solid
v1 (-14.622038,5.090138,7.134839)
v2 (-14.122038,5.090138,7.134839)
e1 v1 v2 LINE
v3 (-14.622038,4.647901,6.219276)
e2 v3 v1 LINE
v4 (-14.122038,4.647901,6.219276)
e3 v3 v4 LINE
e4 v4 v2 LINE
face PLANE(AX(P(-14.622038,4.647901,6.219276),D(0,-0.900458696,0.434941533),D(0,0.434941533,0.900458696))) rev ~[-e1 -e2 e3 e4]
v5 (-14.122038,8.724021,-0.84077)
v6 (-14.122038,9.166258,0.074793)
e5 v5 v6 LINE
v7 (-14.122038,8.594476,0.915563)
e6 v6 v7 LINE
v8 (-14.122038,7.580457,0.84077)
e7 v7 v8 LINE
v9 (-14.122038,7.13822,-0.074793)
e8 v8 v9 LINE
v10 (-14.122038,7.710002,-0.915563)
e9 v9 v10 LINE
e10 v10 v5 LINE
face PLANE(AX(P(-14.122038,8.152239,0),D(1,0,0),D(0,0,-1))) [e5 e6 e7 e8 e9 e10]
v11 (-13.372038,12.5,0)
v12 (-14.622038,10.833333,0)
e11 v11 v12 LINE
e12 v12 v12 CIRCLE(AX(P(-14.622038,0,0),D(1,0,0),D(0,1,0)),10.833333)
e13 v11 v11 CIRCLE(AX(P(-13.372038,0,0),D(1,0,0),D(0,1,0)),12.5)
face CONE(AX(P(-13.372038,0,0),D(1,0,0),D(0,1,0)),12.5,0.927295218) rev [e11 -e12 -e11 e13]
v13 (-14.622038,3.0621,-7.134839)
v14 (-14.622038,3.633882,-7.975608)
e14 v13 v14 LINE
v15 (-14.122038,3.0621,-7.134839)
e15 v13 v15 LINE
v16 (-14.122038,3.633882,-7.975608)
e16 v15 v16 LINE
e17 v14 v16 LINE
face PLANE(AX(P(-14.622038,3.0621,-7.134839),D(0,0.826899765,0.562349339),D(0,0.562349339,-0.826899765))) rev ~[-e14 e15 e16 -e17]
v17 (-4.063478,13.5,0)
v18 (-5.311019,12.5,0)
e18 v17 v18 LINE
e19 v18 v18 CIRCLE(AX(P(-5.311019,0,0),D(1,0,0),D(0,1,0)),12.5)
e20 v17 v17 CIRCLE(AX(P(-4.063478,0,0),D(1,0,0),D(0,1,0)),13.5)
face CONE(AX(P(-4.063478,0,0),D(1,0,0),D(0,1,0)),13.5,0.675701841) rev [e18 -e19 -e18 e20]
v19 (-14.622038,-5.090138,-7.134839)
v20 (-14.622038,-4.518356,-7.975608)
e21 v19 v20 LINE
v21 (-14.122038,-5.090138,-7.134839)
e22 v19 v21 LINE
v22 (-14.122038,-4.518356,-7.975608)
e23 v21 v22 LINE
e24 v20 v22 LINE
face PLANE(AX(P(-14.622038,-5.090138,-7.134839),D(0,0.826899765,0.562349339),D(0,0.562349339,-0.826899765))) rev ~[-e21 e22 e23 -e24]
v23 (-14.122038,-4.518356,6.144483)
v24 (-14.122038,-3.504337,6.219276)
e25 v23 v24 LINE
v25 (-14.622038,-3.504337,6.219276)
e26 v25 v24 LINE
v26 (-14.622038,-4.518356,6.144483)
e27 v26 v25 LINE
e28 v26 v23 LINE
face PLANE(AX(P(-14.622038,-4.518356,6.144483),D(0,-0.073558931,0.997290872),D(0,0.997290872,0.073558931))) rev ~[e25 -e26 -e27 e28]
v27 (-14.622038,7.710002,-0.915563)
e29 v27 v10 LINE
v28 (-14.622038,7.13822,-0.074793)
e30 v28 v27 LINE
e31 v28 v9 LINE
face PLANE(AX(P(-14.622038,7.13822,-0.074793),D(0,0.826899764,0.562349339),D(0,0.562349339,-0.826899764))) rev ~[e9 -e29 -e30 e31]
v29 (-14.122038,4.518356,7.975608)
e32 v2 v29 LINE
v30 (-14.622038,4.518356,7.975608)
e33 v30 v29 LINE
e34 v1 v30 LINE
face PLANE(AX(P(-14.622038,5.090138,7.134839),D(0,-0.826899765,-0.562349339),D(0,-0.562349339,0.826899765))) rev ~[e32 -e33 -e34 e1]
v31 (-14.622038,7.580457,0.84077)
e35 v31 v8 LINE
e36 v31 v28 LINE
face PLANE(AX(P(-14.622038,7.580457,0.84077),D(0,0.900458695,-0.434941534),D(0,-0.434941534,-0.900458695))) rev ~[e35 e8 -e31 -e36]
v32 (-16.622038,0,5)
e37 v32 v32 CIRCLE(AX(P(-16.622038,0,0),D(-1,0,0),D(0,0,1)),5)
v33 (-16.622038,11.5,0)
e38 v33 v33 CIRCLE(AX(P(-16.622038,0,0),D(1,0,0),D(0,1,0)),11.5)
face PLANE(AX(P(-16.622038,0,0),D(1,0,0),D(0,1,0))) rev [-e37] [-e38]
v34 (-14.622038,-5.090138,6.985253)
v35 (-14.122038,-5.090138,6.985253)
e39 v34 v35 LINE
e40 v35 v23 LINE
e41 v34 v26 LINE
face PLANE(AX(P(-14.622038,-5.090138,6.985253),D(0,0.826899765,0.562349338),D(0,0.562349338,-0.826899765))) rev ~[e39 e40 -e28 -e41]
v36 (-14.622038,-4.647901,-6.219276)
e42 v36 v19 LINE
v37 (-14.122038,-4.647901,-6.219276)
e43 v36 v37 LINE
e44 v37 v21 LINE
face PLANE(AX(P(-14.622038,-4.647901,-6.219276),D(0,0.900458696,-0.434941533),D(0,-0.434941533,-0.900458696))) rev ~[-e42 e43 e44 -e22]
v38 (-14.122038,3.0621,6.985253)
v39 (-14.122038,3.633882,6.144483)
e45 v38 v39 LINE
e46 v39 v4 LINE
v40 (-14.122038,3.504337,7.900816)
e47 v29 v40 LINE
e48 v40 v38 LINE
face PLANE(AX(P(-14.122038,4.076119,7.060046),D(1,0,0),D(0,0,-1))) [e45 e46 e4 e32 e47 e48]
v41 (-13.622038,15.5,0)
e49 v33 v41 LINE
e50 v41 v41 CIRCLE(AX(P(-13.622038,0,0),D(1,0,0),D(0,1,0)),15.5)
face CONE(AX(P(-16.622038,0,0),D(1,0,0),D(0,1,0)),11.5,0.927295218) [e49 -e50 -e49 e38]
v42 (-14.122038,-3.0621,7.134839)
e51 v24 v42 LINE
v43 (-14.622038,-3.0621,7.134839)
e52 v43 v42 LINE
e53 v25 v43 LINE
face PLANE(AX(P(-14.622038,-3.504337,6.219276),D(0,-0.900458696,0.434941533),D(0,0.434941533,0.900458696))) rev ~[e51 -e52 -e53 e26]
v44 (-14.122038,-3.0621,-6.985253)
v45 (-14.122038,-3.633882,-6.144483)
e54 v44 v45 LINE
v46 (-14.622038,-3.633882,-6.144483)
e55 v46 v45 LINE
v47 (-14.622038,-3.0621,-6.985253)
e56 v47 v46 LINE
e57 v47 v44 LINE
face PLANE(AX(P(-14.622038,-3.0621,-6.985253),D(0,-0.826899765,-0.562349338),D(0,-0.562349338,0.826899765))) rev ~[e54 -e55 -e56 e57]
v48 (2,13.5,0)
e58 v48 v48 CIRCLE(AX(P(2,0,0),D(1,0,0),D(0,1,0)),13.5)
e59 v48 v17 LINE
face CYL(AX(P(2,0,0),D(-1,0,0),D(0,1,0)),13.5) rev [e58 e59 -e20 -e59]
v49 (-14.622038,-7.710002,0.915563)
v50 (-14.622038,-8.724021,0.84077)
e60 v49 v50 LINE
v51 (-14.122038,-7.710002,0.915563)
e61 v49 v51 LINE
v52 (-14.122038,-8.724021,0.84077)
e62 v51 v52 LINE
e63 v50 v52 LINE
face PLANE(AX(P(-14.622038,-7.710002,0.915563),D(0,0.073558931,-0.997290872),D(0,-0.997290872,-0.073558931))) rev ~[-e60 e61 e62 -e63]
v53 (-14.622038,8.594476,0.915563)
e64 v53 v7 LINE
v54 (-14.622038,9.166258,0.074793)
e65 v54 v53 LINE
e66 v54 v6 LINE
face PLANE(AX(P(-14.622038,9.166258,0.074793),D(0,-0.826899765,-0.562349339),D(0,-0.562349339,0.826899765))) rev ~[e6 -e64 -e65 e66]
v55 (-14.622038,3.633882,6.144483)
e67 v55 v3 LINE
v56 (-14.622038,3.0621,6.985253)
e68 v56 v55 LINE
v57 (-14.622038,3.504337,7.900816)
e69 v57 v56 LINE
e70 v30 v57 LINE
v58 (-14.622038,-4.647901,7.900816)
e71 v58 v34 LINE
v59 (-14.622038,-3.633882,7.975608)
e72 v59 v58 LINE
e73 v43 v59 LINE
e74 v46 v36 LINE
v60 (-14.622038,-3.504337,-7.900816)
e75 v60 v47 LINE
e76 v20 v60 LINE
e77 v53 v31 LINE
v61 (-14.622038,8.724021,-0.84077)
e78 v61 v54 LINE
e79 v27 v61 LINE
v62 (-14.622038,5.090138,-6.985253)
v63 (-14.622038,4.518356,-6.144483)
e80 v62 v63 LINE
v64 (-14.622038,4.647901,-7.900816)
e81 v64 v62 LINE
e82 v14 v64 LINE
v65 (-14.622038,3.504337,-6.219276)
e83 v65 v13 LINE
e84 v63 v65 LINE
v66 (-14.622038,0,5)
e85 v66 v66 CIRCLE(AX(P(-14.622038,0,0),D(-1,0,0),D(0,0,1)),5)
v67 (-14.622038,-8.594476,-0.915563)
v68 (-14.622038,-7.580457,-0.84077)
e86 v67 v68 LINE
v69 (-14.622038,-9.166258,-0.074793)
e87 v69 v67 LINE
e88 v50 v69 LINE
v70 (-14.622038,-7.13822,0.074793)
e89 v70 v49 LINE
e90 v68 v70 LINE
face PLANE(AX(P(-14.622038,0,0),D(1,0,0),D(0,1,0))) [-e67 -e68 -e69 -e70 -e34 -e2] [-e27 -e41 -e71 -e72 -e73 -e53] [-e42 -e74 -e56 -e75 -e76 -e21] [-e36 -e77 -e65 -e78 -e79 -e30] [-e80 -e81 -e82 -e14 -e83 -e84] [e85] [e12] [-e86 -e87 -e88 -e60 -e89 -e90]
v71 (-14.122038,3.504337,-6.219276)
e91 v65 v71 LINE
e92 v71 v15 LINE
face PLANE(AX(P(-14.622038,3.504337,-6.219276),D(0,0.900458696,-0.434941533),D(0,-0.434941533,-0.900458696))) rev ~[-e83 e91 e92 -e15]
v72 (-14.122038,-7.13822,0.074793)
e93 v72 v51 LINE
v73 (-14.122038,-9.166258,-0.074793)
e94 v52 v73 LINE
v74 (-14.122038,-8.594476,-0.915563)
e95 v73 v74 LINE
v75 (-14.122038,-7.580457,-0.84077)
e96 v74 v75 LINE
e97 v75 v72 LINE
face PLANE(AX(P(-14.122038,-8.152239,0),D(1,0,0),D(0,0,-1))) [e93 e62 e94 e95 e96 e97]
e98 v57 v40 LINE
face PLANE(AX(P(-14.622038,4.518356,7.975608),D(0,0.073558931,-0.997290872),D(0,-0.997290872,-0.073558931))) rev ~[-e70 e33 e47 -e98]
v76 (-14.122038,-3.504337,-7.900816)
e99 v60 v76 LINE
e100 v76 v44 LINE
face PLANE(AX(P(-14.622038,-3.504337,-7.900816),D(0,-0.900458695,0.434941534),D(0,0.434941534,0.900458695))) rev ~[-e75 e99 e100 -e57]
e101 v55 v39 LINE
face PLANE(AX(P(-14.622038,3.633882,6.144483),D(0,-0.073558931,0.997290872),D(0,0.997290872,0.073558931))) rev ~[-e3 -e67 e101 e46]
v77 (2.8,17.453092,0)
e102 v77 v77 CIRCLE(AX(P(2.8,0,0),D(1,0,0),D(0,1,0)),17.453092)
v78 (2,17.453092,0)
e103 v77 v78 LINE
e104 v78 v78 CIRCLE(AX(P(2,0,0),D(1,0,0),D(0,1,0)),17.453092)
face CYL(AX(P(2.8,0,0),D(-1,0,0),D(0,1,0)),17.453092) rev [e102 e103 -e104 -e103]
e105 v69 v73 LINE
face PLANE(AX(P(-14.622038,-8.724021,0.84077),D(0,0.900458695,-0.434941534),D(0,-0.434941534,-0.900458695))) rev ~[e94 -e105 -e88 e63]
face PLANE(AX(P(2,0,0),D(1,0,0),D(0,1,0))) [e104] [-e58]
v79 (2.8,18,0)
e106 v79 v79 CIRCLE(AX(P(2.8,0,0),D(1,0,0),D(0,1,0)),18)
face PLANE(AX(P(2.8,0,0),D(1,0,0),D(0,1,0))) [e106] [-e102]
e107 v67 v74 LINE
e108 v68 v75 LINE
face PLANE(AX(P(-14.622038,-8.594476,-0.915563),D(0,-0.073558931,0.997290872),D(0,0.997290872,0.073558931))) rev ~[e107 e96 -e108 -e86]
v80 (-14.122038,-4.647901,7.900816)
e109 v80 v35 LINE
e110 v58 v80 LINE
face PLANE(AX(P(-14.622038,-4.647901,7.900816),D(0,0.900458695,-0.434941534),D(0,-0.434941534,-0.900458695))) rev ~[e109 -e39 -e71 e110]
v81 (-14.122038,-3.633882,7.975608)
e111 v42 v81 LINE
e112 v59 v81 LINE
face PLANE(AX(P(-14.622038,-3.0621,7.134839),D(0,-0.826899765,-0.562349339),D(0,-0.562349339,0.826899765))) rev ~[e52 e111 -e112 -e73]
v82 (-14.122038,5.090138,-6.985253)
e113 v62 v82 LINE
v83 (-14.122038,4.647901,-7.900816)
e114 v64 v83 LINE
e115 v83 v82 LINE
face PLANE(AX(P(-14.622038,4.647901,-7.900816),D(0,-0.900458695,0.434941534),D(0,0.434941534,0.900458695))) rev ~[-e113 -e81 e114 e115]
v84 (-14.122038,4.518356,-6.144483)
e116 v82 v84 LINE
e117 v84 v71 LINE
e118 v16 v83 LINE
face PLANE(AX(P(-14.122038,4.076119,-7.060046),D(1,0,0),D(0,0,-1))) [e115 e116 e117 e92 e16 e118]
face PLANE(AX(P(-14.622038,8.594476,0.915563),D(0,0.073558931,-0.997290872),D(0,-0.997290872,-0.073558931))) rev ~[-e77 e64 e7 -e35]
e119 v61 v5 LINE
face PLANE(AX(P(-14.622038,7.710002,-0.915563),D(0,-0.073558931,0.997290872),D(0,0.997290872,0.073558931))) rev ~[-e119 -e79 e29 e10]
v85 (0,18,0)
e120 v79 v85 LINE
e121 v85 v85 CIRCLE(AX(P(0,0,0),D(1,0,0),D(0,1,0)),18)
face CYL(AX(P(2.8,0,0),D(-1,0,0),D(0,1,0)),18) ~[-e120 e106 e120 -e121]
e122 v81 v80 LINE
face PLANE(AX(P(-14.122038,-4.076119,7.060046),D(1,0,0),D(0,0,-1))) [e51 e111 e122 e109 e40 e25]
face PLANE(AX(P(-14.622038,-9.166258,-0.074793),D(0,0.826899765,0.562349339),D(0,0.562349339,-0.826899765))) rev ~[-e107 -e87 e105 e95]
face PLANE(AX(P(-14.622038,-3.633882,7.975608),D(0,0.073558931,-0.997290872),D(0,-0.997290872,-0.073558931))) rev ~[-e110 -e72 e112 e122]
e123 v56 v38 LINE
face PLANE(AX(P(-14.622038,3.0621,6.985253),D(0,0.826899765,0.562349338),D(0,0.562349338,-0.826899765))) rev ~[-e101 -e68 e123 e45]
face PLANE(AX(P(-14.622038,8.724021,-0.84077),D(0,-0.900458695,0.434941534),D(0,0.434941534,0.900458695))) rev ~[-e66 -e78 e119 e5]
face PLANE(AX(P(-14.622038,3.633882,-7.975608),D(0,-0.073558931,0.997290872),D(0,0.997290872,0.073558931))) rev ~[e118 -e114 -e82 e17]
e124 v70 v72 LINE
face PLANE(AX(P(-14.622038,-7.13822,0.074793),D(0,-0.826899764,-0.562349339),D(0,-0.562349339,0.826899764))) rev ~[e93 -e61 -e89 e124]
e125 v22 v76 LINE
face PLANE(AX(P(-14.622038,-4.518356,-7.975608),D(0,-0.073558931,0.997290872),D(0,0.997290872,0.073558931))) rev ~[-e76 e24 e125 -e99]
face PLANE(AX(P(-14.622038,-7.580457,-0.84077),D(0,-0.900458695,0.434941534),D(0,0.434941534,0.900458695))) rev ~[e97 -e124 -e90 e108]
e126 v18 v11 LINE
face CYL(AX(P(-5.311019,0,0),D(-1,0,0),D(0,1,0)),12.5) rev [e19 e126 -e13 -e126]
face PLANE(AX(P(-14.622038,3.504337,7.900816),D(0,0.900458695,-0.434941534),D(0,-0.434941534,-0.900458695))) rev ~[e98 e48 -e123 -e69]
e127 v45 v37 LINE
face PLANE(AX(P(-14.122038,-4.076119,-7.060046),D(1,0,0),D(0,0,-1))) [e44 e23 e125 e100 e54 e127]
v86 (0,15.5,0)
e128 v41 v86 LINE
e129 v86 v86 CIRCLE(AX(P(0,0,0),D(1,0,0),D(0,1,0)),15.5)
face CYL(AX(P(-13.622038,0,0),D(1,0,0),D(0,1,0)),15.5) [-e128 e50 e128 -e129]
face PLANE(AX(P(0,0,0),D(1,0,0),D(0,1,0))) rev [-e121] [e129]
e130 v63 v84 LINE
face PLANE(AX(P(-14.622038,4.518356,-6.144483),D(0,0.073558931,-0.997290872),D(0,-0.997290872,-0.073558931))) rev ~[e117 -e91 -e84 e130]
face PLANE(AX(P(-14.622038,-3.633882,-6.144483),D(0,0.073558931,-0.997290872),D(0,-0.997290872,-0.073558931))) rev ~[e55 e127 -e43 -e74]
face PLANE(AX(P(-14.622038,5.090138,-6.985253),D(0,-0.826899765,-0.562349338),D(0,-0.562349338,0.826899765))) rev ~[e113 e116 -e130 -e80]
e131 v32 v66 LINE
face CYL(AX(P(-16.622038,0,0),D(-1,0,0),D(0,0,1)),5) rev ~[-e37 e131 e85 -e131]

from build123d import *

# Parameters (mm, degrees)
SKETCH2_R           = 5
CUT_EXTRUDE1_DEPTH  = 10
BOSS_EXTRUDE1_DEPTH = 0.5


with BuildPart() as part:
    # Sketch1 → Revolve1 (revolve)
    with BuildSketch(Plane.XY):
        Polygon((-13.622037679, 15.5), (0, 15.5), (0, 18), (2, 18), (2.8, 18), (2.8, 17.453091715), (2, 17.453091715), (2, 13.5), (-4.063478188, 13.5), (-5.311018839, 12.5), (-13.372037679, 12.5), (-14.622037679, 10.833333333), (-14.622037679, 0), (-16.622037679, 0), (-16.622037679, 11.5), align=None)
    revolve(axis=Axis((-25, 0, 0), (1, 0, 0)))

    # Sketch2 → Cut-Extrude1 (cut)
    with BuildSketch(Plane.ZY.offset(16.622037679)):
        Circle(SKETCH2_R)
    extrude(amount=-CUT_EXTRUDE1_DEPTH, mode=Mode.SUBTRACT)

    # Sketch3 → Boss-Extrude1 (add)
    with BuildSketch(Plane(origin=(-14.622037679, 0, 0), x_dir=(0, 0, -1), z_dir=(1, 0, 0))):
        Polygon((7.134838542, 3.062100229), (7.975608442, 3.633882224), (7.900815659, 4.647901314), (6.985252976, 5.090138409), (6.144483075, 4.518356414), (6.219275858, 3.504337324), align=None)
        Polygon((0.915562683, 7.710001544), (0.8407699, 8.724020633), (-0.074792783, 9.166257728), (-0.915562683, 8.594475733), (-0.8407699, 7.580456643), (0.074792783, 7.138219548), align=None)
        Polygon((6.219275858, -4.647901314), (7.134838542, -5.090138409), (7.975608442, -4.518356414), (7.900815659, -3.504337324), (6.985252976, -3.062100229), (6.144483075, -3.633882224), align=None)
        Polygon((-0.915562683, -7.710001544), (-0.8407699, -8.724020633), (0.074792783, -9.166257728), (0.915562683, -8.594475733), (0.8407699, -7.580456643), (-0.074792783, -7.138219548), align=None)
        Polygon((-7.134838542, -3.062100229), (-7.975608442, -3.633882224), (-7.900815659, -4.647901314), (-6.985252976, -5.090138409), (-6.144483075, -4.518356414), (-6.219275858, -3.504337324), align=None)
        Polygon((-6.219275858, 4.647901314), (-7.134838542, 5.090138409), (-7.975608442, 4.518356414), (-7.900815659, 3.504337324), (-6.985252976, 3.062100229), (-6.144483075, 3.633882224), align=None)
    extrude(amount=BOSS_EXTRUDE1_DEPTH)


solid = part.part
